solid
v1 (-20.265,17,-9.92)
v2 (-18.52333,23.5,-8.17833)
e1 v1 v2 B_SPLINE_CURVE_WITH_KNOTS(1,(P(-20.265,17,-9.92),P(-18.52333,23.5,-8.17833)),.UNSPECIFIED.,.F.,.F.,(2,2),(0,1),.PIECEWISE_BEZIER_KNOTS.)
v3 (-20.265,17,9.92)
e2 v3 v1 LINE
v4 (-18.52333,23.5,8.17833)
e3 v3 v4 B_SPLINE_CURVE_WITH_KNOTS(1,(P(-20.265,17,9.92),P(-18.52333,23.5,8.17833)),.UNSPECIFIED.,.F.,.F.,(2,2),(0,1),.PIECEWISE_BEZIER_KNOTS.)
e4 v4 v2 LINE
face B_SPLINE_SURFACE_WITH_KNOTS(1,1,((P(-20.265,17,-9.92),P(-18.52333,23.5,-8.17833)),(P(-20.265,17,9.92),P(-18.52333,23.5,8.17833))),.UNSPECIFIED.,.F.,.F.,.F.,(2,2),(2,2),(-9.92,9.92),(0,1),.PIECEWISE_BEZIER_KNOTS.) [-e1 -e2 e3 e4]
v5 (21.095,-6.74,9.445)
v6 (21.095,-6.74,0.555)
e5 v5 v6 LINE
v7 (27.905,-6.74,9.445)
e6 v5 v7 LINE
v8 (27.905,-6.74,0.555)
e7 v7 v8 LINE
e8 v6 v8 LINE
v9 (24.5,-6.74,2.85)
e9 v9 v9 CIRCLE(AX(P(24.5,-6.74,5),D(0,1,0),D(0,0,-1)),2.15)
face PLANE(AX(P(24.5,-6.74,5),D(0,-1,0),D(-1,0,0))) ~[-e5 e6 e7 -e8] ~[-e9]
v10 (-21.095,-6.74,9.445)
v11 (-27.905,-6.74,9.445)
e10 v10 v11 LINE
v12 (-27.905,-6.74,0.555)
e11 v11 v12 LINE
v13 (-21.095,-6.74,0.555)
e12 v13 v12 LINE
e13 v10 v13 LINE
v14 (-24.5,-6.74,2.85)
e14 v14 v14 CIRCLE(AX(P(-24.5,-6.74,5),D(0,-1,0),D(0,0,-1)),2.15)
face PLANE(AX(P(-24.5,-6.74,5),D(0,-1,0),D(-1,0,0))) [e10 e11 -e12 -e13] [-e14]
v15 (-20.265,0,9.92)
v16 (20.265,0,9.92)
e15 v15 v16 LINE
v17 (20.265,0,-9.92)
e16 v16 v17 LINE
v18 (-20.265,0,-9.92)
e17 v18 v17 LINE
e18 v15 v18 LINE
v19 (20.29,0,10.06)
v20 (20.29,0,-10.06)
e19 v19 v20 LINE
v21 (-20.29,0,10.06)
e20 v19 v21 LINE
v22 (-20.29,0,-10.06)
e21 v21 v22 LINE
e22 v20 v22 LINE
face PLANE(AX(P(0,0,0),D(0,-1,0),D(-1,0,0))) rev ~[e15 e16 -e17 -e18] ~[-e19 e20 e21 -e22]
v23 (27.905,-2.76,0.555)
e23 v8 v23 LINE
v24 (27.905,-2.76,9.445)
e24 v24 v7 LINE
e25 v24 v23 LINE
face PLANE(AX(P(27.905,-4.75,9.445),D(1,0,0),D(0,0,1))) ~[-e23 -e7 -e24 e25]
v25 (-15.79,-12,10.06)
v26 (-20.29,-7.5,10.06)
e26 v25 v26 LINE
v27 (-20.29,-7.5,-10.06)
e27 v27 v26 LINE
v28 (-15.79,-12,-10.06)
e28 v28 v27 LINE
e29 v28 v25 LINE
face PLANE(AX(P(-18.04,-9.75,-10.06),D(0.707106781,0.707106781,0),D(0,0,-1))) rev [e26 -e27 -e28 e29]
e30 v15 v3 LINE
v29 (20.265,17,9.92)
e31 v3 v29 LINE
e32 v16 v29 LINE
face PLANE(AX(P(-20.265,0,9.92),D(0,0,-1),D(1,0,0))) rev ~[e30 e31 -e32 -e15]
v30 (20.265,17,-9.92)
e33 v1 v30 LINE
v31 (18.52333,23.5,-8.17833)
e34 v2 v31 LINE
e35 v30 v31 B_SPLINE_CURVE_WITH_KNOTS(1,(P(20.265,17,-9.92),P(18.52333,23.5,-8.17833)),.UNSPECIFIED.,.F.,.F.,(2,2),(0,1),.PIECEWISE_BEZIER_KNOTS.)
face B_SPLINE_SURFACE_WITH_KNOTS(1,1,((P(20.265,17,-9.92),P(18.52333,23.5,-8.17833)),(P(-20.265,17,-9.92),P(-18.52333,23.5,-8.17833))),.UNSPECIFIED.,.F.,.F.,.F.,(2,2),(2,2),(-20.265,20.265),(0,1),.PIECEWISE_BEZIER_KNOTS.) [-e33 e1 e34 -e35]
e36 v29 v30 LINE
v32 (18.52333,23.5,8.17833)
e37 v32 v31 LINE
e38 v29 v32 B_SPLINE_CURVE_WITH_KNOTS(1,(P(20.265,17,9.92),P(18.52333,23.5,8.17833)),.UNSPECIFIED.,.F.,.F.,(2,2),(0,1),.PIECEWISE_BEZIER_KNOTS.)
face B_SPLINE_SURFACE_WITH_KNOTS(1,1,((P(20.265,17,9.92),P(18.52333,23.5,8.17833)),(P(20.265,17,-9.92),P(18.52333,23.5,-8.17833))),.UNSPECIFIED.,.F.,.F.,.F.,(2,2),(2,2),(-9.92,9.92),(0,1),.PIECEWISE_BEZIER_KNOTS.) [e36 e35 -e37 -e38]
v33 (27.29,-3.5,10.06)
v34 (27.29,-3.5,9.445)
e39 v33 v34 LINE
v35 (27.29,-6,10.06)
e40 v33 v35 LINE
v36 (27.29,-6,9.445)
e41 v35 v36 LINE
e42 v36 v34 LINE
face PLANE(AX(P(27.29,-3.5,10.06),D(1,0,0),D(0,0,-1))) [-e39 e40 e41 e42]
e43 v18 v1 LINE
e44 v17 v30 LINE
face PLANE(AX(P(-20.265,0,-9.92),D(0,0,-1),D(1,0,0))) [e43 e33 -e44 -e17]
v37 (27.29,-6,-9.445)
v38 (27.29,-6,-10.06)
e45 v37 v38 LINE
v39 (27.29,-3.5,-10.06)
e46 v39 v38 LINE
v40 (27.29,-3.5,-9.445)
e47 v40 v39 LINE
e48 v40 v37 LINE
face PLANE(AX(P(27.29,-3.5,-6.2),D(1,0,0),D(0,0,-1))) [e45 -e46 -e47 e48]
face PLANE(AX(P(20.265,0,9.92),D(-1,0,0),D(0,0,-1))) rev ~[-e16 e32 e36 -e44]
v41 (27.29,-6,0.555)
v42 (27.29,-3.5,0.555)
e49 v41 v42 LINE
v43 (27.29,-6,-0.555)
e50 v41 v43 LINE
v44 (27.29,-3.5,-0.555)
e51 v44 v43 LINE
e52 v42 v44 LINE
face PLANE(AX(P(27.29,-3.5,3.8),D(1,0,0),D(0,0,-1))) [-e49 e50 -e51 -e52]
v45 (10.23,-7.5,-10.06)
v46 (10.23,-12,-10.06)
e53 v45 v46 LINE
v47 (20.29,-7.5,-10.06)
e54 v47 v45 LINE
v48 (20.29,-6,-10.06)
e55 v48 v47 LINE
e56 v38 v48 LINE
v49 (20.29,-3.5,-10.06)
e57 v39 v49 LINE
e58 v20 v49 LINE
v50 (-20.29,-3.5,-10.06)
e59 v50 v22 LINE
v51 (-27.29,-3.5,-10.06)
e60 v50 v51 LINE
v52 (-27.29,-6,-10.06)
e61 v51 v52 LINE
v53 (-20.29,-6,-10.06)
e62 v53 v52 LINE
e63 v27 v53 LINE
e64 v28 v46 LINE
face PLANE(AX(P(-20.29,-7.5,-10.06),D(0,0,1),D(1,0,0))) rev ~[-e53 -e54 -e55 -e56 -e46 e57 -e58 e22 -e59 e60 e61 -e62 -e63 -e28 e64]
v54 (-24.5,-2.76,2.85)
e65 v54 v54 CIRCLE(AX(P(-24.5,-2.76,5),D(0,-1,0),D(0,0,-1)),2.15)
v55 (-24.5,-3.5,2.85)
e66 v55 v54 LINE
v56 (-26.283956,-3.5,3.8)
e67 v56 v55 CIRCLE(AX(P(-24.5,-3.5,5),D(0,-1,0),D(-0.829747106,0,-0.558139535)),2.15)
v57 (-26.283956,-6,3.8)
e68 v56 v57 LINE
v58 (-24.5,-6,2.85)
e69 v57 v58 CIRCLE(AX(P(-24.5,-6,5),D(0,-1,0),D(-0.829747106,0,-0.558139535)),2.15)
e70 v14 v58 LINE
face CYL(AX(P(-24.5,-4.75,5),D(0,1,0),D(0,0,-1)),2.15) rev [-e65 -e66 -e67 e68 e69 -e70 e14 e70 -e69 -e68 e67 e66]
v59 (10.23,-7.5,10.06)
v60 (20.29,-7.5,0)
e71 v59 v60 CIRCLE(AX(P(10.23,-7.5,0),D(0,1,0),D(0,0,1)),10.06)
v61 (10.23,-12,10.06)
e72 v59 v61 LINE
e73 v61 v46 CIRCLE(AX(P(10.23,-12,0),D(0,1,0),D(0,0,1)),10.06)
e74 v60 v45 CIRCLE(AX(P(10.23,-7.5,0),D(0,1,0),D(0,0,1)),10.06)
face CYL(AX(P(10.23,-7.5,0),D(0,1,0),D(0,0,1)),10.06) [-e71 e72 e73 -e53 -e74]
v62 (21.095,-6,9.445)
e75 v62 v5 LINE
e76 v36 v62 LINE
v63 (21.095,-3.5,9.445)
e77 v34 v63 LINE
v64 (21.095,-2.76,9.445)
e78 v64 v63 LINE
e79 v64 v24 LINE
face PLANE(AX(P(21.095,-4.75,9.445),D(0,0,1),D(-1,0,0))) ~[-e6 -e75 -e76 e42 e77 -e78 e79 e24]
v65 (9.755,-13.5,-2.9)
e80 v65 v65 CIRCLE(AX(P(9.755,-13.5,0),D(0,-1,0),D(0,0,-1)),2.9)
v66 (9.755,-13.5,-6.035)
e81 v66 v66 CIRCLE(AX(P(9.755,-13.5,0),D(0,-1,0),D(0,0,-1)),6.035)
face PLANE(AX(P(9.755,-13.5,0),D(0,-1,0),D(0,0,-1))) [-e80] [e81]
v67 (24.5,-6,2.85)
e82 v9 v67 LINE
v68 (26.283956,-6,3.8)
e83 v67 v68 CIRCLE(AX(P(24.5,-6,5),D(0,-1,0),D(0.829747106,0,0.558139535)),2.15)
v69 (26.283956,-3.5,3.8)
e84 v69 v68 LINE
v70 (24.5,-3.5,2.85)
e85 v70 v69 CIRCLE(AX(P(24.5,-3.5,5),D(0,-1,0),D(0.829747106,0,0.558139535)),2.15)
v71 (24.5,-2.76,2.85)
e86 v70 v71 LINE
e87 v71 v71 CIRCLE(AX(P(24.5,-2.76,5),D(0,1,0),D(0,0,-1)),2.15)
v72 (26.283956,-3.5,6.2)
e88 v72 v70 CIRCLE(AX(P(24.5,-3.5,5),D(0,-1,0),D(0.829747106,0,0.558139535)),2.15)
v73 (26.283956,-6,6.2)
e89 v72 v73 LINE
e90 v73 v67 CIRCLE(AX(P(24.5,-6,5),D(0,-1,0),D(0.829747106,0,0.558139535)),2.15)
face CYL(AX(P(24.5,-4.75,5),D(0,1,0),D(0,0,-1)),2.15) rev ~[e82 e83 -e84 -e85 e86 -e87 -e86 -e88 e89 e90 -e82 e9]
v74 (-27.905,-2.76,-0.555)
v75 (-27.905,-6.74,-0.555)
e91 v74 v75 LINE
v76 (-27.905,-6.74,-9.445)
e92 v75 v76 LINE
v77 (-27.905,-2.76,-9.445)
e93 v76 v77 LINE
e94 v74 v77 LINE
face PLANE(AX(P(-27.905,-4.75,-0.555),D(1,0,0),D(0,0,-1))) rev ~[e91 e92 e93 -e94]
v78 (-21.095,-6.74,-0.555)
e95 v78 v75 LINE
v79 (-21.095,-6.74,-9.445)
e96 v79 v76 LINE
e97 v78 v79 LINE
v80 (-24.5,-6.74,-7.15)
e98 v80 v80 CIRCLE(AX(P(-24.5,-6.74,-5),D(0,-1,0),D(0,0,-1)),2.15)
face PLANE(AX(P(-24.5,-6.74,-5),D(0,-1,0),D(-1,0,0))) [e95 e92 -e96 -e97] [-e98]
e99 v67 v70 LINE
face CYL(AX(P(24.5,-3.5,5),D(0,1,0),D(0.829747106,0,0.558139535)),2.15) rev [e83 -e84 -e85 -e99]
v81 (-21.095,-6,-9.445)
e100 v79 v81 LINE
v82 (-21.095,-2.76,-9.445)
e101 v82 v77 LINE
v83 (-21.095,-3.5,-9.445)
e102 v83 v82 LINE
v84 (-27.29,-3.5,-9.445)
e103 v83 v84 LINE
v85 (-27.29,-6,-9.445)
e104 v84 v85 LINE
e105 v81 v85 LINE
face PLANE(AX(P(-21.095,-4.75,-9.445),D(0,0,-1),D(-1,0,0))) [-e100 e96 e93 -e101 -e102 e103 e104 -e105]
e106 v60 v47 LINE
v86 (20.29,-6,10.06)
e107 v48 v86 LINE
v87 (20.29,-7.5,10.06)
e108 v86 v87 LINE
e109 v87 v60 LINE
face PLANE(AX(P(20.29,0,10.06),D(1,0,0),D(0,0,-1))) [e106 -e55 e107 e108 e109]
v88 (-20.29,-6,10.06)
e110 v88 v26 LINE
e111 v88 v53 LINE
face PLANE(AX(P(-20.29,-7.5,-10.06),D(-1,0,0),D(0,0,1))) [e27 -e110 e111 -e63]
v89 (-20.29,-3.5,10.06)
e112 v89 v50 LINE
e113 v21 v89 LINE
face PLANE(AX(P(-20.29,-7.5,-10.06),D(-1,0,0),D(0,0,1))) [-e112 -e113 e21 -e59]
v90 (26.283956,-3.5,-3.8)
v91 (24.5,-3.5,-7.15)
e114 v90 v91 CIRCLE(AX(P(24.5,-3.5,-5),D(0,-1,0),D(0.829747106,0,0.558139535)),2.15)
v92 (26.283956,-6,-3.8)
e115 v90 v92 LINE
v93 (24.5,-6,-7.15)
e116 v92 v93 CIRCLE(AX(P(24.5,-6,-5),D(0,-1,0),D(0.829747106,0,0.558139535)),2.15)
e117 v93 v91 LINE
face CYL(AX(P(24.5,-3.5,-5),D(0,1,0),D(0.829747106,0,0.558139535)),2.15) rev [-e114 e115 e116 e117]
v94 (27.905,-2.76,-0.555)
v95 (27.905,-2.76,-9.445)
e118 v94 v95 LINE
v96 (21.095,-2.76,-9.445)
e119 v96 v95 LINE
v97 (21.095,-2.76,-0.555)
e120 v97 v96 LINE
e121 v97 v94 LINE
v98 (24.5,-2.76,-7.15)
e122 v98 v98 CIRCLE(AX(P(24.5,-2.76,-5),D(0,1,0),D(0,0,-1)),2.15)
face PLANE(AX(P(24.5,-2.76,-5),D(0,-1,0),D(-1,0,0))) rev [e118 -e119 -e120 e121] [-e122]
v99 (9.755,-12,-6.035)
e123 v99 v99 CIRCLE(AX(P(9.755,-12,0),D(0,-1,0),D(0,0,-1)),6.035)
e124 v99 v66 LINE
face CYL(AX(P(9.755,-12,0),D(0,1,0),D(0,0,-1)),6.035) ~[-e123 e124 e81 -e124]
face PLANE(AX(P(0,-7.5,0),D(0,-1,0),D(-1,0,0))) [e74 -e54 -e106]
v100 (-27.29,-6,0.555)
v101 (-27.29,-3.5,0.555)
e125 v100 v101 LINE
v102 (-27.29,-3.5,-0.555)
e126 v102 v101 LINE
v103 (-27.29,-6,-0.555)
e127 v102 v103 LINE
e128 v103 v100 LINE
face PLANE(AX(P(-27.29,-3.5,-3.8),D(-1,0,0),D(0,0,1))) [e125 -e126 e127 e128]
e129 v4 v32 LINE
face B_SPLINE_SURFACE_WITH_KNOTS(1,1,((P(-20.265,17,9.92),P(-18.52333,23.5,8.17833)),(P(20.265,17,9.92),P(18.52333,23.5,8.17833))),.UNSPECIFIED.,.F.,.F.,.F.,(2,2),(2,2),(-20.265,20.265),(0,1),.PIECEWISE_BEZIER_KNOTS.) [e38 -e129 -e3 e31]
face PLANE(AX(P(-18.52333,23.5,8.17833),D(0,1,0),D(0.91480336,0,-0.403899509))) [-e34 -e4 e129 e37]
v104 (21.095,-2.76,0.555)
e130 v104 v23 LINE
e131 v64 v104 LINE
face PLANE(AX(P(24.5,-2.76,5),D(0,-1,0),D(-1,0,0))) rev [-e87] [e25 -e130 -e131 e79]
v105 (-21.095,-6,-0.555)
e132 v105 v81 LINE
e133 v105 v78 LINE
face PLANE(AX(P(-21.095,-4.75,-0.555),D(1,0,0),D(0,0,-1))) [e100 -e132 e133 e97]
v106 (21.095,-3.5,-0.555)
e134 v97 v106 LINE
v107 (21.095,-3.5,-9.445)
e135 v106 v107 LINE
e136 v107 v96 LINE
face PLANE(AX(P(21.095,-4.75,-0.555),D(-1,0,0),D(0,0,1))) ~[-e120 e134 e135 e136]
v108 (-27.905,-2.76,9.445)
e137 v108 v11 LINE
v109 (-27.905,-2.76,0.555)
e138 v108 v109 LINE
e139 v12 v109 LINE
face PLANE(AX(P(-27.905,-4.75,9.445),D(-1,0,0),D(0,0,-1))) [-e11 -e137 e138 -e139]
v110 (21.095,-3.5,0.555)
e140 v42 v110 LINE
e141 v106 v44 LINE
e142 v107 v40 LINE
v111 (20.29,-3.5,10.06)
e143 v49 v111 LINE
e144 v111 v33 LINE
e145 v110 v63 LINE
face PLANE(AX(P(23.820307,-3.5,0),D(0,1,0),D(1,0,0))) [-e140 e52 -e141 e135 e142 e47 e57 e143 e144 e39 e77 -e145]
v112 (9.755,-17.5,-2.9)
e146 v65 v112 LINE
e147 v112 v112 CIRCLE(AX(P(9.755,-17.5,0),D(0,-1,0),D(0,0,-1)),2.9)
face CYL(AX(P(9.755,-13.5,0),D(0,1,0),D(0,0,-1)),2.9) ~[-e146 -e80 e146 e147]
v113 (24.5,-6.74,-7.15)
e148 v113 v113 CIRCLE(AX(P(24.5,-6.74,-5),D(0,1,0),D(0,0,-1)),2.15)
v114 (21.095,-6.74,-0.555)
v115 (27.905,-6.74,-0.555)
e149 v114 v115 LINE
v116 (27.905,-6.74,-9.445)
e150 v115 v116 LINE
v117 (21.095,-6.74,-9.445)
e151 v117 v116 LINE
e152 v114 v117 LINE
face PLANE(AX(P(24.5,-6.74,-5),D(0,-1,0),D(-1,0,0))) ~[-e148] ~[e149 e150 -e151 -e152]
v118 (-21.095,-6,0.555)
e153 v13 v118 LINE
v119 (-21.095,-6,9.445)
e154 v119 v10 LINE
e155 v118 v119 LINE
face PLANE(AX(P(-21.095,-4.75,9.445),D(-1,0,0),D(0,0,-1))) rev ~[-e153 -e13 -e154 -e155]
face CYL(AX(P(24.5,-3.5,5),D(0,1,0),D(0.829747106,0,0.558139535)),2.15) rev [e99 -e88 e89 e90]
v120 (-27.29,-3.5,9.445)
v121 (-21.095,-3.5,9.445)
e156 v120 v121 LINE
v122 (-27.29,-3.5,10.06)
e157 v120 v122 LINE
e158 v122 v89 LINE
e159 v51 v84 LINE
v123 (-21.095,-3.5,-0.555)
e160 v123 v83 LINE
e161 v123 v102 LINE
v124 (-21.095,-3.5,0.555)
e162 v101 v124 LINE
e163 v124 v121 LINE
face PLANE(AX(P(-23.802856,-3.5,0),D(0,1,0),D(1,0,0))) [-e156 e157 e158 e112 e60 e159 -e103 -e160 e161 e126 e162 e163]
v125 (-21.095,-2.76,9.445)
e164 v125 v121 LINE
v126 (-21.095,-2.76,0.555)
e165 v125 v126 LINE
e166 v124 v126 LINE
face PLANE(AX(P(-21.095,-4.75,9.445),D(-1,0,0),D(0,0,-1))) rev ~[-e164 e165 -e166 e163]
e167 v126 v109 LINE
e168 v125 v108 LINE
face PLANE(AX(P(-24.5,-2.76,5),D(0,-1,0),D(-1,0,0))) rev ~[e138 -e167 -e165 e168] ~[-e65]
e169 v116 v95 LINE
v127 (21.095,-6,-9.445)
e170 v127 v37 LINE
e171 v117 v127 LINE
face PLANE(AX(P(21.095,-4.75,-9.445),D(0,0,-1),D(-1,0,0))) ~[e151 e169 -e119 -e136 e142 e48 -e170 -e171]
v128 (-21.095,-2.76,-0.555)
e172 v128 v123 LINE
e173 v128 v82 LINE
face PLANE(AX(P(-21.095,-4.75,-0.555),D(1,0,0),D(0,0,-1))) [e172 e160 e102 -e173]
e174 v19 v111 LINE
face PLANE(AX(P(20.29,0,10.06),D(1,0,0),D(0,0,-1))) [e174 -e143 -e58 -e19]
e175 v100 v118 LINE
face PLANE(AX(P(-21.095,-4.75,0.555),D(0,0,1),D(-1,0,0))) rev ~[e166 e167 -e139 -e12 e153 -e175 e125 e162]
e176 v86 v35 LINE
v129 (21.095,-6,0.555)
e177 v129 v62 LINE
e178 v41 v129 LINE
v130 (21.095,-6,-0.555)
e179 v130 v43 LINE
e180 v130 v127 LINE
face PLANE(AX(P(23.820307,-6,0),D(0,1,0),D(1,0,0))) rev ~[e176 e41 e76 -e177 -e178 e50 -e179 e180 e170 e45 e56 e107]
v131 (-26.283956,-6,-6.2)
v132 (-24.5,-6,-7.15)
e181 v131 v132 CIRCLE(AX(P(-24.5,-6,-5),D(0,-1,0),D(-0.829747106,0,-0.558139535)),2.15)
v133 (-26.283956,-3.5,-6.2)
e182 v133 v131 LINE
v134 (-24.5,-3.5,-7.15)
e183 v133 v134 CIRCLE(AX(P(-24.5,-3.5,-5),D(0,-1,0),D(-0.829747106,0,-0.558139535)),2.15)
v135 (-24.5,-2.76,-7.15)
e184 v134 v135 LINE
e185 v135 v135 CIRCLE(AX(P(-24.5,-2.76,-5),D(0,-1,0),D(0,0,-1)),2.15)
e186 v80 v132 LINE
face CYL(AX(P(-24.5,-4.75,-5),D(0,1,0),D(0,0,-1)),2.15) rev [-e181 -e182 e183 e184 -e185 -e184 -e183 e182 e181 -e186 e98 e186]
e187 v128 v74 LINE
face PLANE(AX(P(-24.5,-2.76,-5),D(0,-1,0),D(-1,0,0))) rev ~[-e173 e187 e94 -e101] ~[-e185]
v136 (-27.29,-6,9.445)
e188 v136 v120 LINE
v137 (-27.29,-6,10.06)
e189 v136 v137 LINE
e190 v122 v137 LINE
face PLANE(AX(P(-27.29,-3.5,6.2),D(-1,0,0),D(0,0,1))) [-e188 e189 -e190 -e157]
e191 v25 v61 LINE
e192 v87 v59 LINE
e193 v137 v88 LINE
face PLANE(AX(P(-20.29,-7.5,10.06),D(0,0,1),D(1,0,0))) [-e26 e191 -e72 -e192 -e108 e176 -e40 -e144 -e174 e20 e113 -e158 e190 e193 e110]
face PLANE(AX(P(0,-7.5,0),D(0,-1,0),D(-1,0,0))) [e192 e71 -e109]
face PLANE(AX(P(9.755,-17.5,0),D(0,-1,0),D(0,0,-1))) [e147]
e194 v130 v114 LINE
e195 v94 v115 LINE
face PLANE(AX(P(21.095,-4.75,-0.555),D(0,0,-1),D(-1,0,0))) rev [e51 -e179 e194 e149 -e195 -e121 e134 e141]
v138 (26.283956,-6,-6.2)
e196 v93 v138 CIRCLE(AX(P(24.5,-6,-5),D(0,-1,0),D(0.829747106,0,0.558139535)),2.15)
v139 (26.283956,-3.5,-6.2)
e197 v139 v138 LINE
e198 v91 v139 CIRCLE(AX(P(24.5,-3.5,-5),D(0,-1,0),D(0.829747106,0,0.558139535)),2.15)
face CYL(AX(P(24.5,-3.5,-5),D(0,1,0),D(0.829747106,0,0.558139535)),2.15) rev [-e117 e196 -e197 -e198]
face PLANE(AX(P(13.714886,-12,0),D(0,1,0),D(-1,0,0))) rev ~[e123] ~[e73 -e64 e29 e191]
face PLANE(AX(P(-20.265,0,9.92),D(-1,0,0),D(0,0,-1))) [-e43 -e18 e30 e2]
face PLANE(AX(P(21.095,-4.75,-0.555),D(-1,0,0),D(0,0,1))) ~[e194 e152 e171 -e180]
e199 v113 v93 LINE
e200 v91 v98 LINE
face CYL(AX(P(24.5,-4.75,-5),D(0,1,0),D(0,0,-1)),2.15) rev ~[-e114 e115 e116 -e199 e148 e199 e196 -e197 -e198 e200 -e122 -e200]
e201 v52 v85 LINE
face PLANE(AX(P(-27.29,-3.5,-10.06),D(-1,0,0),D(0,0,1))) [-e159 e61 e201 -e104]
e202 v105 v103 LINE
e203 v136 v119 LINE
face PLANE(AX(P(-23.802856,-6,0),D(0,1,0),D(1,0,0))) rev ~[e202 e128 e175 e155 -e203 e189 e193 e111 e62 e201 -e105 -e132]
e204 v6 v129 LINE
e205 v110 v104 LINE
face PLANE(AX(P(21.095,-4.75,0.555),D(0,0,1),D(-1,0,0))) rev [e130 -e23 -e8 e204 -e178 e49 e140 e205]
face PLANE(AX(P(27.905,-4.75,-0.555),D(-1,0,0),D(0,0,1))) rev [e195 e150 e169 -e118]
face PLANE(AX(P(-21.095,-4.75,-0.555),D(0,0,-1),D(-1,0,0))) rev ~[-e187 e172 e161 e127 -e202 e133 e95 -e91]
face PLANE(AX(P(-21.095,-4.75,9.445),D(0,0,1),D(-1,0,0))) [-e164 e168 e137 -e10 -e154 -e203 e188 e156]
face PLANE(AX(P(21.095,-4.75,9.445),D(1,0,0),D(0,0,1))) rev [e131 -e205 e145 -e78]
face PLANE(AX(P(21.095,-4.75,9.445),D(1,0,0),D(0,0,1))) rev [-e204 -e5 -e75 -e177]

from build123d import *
from build123d.topology import SkipClean

# Parameters (mm, degrees)
SCHIZZO1_W                   = 40.53
SCHIZZO1_H                   = 19.84
ESTRUSIONE_ESTRUSIONE1_DEPTH = 17
SCHIZZO2_W                   = 40.53
SCHIZZO2_H                   = 19.84
ESTRUSIONE_ESTRUSIONE2_DEPTH = 6.5
ESTRUSIONE_ESTRUSIONE2_TAPER = 15
SCHIZZO3_W                   = 40.58
SCHIZZO3_H                   = 20.12
ESTRUSIONE_ESTRUSIONE3_DEPTH = 7.5
SCHIZZO5_W                   = 30.52
SCHIZZO5_H                   = 20.12
ESTRUSIONE_ESTRUSIONE4_DEPTH = 4.5
SCHIZZO6_R                   = 6.035
ESTRUSIONE_ESTRUSIONE5_DEPTH = 1.5
SCHIZZO7_R                   = 2.9
ESTRUSIONE_ESTRUSIONE6_DEPTH = 4
SMUSSO1_SIZE                 = 4.5
ESTRUSIONE_ESTRUSIONE7_DEPTH = 2.5
SCHIZZO11_W                  = 6.81
SCHIZZO11_H                  = 8.89
SCHIZZO11_R                  = 2.15
ESTRUSIONE_ESTRUSIONE8_DEPTH = 1.99


with BuildPart() as part:
    # Schizzo1 → Estrusione-Estrusione1 (new body)
    with BuildSketch(Plane(origin=(0, 0, 0), x_dir=(1, 0, 0), z_dir=(0, 1, 0))):
        Rectangle(SCHIZZO1_W, SCHIZZO1_H)
    extrude(amount=ESTRUSIONE_ESTRUSIONE1_DEPTH)

    # Schizzo2 → Estrusione-Estrusione2 (add)
    with BuildSketch(Plane(origin=(0, 17, 0), x_dir=(1, 0, 0), z_dir=(0, 1, 0))):
        Rectangle(SCHIZZO2_W, SCHIZZO2_H)
    extrude(amount=ESTRUSIONE_ESTRUSIONE2_DEPTH, taper=ESTRUSIONE_ESTRUSIONE2_TAPER)

    # Schizzo3 → Estrusione-Estrusione3 (add)
    with BuildSketch(Plane(origin=(0, 0, 0), x_dir=(-1, 0, 0), z_dir=(0, -1, 0))):
        Rectangle(SCHIZZO3_W, SCHIZZO3_H)
    extrude(amount=ESTRUSIONE_ESTRUSIONE3_DEPTH)

    # Schizzo5 → Estrusione-Estrusione4 (add)
    with BuildSketch(Plane.XZ.offset(7.5)):
        with BuildLine():
            Line((10.23, -10.06), (10.23, 10.06))
            ThreePointArc((10.23, 10.06), (20.29, 0), (10.23, -10.06))
        make_face()
        with Locations((-5.03, 0)):
            Rectangle(SCHIZZO5_W, SCHIZZO5_H)
    extrude(amount=ESTRUSIONE_ESTRUSIONE4_DEPTH)

    # Schizzo6 → Estrusione-Estrusione5 (add)
    with BuildSketch(Plane.XZ.offset(12)):
        with Locations(Location((9.755, 0, 0), (0, 0, 270))):
            Circle(SCHIZZO6_R)
    extrude(amount=ESTRUSIONE_ESTRUSIONE5_DEPTH)

    # Schizzo7 → Estrusione-Estrusione6 (add)
    with BuildSketch(Plane.XZ.offset(13.5)):
        with Locations(Location((9.755, 0, 0), (0, 0, 270))):
            Circle(SCHIZZO7_R)
    extrude(amount=ESTRUSIONE_ESTRUSIONE6_DEPTH)

    # Smusso1
    smusso1_edges = [part.edges().sort_by_distance(p)[0] for p in [
        (-20.29, -12, 0),
    ]]
    chamfer(smusso1_edges, length=SMUSSO1_SIZE)

    # Schizzo8 → Estrusione-Estrusione7 (add)
    with BuildSketch(Plane(origin=(0, -3.5, 0), x_dir=(1, 0, 0), z_dir=(0, 1, 0))):
        with BuildLine():
            Line((-27.29, -10.06), (-20.29, -10.06))
            Line((-20.29, -10.06), (-20.29, 10.06))
            Line((-20.29, 10.06), (-27.29, 10.06))
            Line((-27.29, 10.06), (-27.29, 6.2))
            Line((-27.29, 6.2), (-26.283956277, 6.2))
            ThreePointArc((-26.283956277, 6.2), (-23.872706606, 7.056453986), (-22.35, 5))
            ThreePointArc((-22.35, 5), (-23.872706606, 2.943546014), (-26.283956277, 3.8))
            Line((-26.283956277, 3.8), (-27.29, 3.8))
            Line((-27.29, 3.8), (-27.29, -3.8))
            Line((-27.29, -3.8), (-26.283956277, -3.8))
            ThreePointArc((-26.283956277, -3.8), (-23.872706606, -2.943546014), (-22.35, -5))
            ThreePointArc((-22.35, -5), (-23.872706606, -7.056453986), (-26.283956277, -6.2))
            Line((-26.283956277, -6.2), (-27.29, -6.2))
            Line((-27.29, -6.2), (-27.29, -10.06))
        make_face()
        with BuildLine():
            Line((20.29, -10.06), (27.29, -10.06))
            Line((27.29, -10.06), (27.29, -6.2))
            Line((27.29, -6.2), (26.283956277, -6.2))
            ThreePointArc((26.283956277, -6.2), (22.35, -5), (26.283956277, -3.8))
            Line((26.283956277, -3.8), (27.29, -3.8))
            Line((27.29, -3.8), (27.29, 3.8))
            Line((27.29, 3.8), (26.283956277, 3.8))
            ThreePointArc((26.283956277, 3.8), (22.35, 5), (26.283956277, 6.2))
            Line((26.283956277, 6.2), (27.29, 6.2))
            Line((27.29, 6.2), (27.29, 10.06))
            Line((27.29, 10.06), (20.29, 10.06))
            Line((20.29, 10.06), (20.29, -10.06))
        make_face()
    extrude(amount=-ESTRUSIONE_ESTRUSIONE7_DEPTH)

    # Schizzo11 → Estrusione-Estrusione8 (add, symmetric)
    # profile 1 of 2: a face of its own
    with BuildSketch(Plane(origin=(0, -4.75, 0), x_dir=(-1, 0, 0), z_dir=(0, -1, 0))):
        with Locations((24.5, 5)):
            Rectangle(SCHIZZO11_W, SCHIZZO11_H)
        with Locations(Location((24.5, 5, 0), (0, 0, 90))):
            Circle(SCHIZZO11_R, mode=Mode.SUBTRACT)
    # profile 2 of 2: a face of its own
    with BuildSketch(Plane(origin=(0, -4.75, 0), x_dir=(-1, 0, 0), z_dir=(0, -1, 0))):
        with Locations((24.5, -5)):
            Rectangle(SCHIZZO11_W, SCHIZZO11_H)
        with Locations(Location((24.5, -5, 0), (0, 0, 90))):
            Circle(SCHIZZO11_R, mode=Mode.SUBTRACT)
    estrusione_estrusione8 = extrude(amount=ESTRUSIONE_ESTRUSIONE8_DEPTH, both=True)

    # Specchia1: Estrusione-Estrusione8 across plane
    with SkipClean():  # the faces are left unmerged after this step: merging them gives an invalid solid
        add(estrusione_estrusione8.mirror(Plane(origin=(0, 0, 0), x_dir=(0, 0, 1), z_dir=(1, 0, 0))))


solid = part.part
